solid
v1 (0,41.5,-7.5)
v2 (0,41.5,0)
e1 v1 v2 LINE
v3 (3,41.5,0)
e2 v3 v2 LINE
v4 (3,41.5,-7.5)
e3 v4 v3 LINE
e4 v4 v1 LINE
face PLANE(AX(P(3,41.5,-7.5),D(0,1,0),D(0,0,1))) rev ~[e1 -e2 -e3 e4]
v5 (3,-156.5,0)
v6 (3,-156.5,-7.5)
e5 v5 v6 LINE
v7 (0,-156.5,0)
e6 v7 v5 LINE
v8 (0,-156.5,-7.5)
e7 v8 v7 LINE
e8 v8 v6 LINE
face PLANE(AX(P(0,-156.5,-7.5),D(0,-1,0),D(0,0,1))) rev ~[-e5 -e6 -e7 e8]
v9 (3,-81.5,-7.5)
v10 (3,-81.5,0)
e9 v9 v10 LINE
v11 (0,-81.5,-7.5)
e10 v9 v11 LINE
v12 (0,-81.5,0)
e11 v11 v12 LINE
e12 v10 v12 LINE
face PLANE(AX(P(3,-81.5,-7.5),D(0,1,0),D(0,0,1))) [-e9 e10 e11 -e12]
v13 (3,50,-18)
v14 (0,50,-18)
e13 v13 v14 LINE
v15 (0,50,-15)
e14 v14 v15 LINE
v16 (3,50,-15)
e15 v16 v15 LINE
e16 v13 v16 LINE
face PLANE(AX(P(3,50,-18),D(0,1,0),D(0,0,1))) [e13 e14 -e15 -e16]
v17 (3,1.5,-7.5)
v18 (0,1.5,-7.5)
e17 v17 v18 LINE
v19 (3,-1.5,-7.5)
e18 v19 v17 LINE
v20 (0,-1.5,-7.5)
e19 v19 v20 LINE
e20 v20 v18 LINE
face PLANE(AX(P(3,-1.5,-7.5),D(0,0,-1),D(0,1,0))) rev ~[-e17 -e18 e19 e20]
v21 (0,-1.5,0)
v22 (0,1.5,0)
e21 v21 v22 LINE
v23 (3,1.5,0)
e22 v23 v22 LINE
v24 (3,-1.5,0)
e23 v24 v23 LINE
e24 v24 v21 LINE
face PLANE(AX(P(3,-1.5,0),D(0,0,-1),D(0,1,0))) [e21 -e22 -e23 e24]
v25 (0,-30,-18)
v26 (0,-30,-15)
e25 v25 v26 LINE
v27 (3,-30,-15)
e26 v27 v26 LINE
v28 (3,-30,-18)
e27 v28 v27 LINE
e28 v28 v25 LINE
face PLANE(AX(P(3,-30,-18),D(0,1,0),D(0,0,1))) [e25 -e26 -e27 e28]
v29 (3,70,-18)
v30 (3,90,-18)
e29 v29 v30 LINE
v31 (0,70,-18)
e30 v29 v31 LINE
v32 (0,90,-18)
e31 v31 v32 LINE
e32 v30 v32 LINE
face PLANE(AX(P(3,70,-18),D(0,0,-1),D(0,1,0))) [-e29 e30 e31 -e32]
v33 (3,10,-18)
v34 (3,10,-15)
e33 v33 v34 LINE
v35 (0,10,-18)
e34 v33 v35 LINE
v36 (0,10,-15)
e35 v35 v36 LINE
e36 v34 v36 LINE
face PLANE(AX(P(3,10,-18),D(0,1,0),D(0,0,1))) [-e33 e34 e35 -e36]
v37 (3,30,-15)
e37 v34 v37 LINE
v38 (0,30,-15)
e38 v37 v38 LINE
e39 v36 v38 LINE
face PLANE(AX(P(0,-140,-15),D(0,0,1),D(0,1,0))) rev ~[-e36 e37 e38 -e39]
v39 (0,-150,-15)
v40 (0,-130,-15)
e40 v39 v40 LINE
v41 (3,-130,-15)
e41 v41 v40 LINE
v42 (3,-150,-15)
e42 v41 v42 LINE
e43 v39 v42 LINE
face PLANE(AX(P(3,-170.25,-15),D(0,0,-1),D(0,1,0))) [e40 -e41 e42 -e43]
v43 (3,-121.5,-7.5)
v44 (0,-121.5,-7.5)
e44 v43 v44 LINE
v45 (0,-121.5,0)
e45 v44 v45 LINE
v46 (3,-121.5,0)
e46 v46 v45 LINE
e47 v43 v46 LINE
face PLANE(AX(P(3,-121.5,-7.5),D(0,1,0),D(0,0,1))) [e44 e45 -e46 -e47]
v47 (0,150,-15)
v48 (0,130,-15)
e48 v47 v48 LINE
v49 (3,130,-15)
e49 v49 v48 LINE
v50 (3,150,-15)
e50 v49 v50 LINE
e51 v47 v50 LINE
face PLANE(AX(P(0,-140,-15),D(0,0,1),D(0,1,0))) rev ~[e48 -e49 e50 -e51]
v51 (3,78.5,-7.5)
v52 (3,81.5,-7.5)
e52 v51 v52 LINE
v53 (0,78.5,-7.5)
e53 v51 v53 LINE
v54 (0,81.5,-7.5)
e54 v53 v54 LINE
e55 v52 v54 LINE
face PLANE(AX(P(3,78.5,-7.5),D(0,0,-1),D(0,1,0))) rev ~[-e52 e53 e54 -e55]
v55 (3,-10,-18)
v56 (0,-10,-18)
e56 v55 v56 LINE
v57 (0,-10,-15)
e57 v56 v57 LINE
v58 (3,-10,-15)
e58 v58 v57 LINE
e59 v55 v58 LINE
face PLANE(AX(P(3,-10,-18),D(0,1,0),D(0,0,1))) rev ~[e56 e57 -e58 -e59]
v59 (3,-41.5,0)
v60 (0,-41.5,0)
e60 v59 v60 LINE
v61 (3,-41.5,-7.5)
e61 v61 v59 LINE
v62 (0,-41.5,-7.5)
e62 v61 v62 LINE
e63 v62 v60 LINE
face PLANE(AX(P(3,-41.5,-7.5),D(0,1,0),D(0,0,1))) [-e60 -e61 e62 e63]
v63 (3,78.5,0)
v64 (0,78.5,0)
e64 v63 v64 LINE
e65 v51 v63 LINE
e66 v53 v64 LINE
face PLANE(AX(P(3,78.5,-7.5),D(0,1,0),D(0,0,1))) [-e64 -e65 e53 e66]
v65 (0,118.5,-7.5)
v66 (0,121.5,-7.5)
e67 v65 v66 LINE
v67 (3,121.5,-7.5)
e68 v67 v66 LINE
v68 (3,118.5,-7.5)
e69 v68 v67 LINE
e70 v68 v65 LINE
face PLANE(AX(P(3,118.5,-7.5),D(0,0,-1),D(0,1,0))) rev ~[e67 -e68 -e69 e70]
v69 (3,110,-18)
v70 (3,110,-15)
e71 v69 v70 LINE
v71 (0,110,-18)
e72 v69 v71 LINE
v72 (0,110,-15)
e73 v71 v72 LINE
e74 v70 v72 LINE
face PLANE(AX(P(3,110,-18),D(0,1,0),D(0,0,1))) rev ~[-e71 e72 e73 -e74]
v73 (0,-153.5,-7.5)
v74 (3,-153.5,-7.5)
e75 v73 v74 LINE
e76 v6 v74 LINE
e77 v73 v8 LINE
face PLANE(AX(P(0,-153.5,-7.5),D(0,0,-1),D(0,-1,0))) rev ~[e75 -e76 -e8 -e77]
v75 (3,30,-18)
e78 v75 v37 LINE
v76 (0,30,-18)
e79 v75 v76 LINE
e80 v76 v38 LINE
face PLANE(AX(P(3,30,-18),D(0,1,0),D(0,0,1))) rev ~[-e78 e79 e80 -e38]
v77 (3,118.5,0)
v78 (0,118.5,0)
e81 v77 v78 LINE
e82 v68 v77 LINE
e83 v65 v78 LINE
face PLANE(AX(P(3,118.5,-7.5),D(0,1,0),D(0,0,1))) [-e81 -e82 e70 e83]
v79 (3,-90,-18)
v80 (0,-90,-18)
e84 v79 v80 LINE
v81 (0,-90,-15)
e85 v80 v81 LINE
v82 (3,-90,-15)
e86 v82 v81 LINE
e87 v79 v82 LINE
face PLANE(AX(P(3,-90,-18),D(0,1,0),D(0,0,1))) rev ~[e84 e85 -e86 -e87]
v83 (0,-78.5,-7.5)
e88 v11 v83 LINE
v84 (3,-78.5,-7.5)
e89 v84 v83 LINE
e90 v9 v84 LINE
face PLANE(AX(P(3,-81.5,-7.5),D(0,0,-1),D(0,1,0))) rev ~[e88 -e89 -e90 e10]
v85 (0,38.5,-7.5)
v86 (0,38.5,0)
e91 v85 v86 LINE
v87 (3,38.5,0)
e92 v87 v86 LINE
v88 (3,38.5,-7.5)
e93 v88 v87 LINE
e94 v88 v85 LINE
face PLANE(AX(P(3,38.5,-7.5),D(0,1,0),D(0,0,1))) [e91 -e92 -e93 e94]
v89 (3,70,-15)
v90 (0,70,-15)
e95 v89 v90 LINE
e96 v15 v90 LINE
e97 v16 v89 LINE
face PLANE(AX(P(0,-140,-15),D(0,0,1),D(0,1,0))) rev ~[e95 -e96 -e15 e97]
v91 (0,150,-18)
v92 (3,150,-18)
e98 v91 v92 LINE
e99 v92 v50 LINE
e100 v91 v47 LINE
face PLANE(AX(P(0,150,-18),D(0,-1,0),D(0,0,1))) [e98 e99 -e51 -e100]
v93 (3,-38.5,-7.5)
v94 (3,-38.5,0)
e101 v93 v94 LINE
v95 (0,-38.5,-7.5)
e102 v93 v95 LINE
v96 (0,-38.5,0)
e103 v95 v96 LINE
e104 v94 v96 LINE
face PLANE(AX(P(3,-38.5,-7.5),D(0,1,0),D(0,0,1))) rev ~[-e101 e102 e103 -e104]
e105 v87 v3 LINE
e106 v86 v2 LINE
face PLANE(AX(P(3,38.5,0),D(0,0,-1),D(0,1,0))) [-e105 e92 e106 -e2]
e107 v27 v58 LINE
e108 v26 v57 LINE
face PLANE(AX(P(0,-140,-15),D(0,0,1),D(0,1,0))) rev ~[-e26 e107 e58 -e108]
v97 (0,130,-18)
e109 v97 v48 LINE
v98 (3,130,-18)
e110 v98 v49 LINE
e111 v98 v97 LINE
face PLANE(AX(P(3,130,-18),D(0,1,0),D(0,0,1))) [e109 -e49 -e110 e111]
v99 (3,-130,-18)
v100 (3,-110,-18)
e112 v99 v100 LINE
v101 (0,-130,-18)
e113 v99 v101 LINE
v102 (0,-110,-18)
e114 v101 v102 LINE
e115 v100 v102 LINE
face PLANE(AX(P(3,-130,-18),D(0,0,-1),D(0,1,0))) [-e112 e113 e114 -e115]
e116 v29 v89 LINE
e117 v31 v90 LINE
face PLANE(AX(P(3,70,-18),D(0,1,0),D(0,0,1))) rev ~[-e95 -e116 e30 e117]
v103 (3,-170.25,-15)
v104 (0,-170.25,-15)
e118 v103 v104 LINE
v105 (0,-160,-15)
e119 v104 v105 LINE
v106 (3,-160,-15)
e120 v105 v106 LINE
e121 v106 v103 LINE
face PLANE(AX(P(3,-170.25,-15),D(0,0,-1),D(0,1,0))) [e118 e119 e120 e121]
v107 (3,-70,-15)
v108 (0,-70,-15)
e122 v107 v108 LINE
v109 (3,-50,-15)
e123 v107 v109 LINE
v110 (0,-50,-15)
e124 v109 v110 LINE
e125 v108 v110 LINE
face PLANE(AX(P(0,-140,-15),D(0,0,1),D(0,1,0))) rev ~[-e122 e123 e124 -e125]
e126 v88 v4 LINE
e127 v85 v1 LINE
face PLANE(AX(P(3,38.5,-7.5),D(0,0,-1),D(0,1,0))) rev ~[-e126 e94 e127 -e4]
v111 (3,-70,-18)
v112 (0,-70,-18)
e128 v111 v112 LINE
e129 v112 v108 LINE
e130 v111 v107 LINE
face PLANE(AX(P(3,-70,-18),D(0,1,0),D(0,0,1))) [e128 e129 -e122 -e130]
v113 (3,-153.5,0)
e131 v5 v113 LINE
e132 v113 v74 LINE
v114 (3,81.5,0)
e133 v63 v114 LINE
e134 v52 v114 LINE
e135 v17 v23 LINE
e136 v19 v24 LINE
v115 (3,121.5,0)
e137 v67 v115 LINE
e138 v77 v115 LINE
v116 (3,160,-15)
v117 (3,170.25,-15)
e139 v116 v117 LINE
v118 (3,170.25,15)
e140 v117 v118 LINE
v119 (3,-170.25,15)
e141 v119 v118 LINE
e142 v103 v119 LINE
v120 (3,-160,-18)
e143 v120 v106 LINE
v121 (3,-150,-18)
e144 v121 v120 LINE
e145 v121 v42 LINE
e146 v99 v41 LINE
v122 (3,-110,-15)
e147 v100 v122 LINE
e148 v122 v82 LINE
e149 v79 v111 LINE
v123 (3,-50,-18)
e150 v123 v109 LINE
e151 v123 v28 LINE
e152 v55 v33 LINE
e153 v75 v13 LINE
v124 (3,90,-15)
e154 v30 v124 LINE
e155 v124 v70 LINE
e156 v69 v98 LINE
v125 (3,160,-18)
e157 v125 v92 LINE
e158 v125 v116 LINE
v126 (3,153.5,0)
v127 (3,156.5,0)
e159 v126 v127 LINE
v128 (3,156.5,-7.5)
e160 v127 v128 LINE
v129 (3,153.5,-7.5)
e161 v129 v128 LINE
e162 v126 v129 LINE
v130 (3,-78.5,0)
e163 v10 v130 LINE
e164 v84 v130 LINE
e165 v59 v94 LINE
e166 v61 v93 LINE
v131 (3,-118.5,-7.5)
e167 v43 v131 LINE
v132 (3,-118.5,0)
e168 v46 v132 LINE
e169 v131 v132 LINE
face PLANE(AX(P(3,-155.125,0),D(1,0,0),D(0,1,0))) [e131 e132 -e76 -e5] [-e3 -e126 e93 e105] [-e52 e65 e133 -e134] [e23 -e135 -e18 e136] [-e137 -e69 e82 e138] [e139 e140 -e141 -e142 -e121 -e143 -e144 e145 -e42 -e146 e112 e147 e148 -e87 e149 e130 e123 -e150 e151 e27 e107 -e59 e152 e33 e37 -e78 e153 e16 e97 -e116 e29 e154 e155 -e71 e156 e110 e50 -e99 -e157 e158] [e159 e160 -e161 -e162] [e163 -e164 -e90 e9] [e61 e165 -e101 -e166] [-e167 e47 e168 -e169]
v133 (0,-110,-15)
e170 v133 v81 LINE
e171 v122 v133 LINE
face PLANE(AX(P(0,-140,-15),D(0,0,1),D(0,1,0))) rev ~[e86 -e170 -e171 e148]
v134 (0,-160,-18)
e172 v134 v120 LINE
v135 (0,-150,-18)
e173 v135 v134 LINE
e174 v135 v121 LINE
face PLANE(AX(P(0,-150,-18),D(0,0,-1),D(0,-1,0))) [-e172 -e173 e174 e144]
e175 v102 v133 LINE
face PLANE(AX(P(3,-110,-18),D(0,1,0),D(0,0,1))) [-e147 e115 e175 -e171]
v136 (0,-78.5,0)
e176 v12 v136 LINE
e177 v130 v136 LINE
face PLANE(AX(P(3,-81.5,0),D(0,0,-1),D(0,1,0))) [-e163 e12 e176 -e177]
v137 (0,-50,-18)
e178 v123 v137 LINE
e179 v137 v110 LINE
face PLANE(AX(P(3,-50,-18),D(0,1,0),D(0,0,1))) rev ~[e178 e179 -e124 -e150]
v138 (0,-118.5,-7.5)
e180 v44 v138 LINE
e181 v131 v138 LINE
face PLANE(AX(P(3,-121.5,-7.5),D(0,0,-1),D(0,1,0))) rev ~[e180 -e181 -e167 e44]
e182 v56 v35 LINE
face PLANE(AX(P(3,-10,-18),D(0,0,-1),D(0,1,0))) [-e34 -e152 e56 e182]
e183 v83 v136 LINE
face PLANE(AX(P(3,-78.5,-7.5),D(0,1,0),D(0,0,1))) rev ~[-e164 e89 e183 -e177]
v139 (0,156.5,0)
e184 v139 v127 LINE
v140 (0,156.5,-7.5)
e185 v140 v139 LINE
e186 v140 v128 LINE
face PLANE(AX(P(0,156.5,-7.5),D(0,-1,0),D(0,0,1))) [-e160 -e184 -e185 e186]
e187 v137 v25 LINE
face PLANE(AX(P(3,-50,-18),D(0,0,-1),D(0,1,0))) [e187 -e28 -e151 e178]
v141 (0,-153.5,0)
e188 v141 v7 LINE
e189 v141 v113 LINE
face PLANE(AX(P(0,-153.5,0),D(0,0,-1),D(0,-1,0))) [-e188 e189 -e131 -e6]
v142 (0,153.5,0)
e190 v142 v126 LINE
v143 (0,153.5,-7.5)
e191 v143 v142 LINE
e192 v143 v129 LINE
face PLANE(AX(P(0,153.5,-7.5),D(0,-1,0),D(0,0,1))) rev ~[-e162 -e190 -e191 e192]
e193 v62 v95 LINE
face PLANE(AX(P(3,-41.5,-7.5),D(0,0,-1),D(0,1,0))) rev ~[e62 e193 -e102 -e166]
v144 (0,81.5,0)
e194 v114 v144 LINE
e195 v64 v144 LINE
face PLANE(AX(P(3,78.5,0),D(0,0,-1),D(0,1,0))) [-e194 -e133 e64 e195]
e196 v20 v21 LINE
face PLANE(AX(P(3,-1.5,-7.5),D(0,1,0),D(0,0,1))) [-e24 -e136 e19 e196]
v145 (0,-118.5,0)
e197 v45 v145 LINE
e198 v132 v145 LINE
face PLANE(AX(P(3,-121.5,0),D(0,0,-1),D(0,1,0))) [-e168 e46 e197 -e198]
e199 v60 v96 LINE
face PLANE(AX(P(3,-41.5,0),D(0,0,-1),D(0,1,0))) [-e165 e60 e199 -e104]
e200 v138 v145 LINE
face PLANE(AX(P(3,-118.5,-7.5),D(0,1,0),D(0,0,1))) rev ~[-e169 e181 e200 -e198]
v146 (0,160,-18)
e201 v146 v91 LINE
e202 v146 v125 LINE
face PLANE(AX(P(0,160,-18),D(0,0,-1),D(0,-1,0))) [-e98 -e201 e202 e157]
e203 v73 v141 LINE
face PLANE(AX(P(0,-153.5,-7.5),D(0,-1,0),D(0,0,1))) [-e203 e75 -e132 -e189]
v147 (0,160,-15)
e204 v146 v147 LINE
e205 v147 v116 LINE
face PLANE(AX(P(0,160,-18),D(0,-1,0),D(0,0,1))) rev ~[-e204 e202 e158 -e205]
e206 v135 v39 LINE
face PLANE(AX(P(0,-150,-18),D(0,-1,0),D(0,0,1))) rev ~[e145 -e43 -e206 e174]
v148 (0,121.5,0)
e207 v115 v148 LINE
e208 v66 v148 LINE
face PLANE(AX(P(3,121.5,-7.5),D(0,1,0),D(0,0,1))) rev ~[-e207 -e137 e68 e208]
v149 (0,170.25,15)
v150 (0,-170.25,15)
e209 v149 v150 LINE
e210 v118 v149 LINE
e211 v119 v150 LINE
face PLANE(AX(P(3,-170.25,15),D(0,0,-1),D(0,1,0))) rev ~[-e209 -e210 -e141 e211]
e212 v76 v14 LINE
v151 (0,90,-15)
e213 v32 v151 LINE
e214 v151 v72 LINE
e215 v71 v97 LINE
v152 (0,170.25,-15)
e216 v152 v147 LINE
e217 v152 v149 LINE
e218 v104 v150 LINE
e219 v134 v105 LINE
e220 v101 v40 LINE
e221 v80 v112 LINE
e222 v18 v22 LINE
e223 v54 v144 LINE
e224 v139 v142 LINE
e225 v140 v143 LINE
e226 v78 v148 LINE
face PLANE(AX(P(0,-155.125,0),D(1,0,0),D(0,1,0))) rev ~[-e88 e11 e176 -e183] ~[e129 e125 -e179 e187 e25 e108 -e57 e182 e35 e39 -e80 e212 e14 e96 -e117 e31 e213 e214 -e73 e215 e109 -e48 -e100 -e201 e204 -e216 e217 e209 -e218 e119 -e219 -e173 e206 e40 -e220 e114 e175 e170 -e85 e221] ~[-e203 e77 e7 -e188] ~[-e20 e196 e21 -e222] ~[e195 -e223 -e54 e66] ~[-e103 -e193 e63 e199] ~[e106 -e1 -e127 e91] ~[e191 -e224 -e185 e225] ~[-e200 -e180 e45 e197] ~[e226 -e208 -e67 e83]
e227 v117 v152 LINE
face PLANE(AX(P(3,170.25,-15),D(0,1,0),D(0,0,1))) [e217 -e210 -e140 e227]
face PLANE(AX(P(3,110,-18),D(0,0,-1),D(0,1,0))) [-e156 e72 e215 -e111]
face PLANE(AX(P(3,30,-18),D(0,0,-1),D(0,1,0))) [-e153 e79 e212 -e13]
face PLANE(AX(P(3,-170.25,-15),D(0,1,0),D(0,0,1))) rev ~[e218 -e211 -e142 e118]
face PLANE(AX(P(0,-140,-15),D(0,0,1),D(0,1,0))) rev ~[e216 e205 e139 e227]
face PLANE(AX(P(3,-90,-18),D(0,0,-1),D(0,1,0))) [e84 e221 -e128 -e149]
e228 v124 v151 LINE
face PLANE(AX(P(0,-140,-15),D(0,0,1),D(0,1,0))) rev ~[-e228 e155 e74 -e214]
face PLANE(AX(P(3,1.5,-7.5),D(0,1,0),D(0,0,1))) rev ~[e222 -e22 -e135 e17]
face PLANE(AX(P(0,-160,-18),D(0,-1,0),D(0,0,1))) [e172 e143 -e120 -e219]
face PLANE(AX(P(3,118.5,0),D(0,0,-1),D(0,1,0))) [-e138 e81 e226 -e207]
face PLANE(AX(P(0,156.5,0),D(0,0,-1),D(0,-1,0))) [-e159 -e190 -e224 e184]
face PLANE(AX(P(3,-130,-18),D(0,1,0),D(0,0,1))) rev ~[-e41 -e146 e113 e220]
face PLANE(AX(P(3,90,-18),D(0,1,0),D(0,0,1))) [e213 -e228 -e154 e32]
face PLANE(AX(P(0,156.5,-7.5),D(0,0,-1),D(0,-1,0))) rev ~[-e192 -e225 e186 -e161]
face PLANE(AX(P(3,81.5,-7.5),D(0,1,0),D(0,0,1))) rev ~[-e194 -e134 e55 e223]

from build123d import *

# Parameters (mm, degrees)
F0_W      = 280
F0_H      = 30
F1_DEPTH  = 3
F2_W      = 20
F2_H      = 3
F3_DEPTH  = 3
F4_W      = 3
F4_H      = 7.5
F5_DEPTH  = 25
F6_W      = 30.25
F6_H      = 30
F7_DEPTH  = 3
F8_W      = 10
F8_H      = 3
F9_DEPTH  = 3
F10_W     = 3
F10_H     = 7.5
F11_DEPTH = 25


with BuildPart() as f1:
    # F0 (on Right) → F1 (new body)
    with BuildSketch(Plane.YZ):
        Rectangle(F0_W, F0_H)
    extrude(amount=F1_DEPTH)

    # F2 (on face) → F3 (join, through all)
    with BuildSketch(Plane.YZ.offset(3)):
        with Locations((120, -16.5)):
            Rectangle(F2_W, F2_H)
        with Locations((80, -16.5)):
            Rectangle(F2_W, F2_H)
        with Locations((40, -16.5)):
            Rectangle(F2_W, F2_H)
        with Locations((0, -16.5)):
            Rectangle(F2_W, F2_H)
        with Locations((-40, -16.5)):
            Rectangle(F2_W, F2_H)
        with Locations((-80, -16.5)):
            Rectangle(F2_W, F2_H)
        with Locations((-120, -16.5)):
            Rectangle(F2_W, F2_H)
    extrude(amount=-F3_DEPTH)

    # F4 (on face) → F5 (cut)
    with BuildSketch(Plane.YZ.offset(3)):
        with Locations((120, -3.75)):
            Rectangle(F4_W, F4_H)
        with Locations((80, -3.75)):
            Rectangle(F4_W, F4_H)
        with Locations((40, -3.75)):
            Rectangle(F4_W, F4_H)
        with Locations((0, -3.75)):
            Rectangle(F4_W, F4_H)
        with Locations((-40, -3.75)):
            Rectangle(F4_W, F4_H)
        with Locations((-80, -3.75)):
            Rectangle(F4_W, F4_H)
        with Locations((-120, -3.75)):
            Rectangle(F4_W, F4_H)
    extrude(amount=-F5_DEPTH, mode=Mode.SUBTRACT)

    # F6 (on face) → F7 (join)
    with BuildSketch(Plane.YZ.offset(3)):
        with Locations((-155.125, 0)):
            Rectangle(F6_W, F6_H)
        with Locations((155.125, 0)):
            Rectangle(F6_W, F6_H)
    extrude(amount=-F7_DEPTH)

    # F8 (on face) → F9 (join)
    with BuildSketch(Plane(origin=(0, 0, 0), x_dir=(0, -1, 0), z_dir=(-1, 0, 0))):
        with Locations((-155, -16.5)):
            Rectangle(F8_W, F8_H)
        with Locations((155, -16.5)):
            Rectangle(F8_W, F8_H)
    extrude(amount=-F9_DEPTH)

    # F10 (on face) → F11 (cut)
    with BuildSketch(Plane(origin=(0, 0, 0), x_dir=(0, -1, 0), z_dir=(-1, 0, 0))):
        with Locations((-155, -3.75)):
            Rectangle(F10_W, F10_H)
        with Locations((155, -3.75)):
            Rectangle(F10_W, F10_H)
    extrude(amount=-F11_DEPTH, mode=Mode.SUBTRACT)


solid = f1.part
